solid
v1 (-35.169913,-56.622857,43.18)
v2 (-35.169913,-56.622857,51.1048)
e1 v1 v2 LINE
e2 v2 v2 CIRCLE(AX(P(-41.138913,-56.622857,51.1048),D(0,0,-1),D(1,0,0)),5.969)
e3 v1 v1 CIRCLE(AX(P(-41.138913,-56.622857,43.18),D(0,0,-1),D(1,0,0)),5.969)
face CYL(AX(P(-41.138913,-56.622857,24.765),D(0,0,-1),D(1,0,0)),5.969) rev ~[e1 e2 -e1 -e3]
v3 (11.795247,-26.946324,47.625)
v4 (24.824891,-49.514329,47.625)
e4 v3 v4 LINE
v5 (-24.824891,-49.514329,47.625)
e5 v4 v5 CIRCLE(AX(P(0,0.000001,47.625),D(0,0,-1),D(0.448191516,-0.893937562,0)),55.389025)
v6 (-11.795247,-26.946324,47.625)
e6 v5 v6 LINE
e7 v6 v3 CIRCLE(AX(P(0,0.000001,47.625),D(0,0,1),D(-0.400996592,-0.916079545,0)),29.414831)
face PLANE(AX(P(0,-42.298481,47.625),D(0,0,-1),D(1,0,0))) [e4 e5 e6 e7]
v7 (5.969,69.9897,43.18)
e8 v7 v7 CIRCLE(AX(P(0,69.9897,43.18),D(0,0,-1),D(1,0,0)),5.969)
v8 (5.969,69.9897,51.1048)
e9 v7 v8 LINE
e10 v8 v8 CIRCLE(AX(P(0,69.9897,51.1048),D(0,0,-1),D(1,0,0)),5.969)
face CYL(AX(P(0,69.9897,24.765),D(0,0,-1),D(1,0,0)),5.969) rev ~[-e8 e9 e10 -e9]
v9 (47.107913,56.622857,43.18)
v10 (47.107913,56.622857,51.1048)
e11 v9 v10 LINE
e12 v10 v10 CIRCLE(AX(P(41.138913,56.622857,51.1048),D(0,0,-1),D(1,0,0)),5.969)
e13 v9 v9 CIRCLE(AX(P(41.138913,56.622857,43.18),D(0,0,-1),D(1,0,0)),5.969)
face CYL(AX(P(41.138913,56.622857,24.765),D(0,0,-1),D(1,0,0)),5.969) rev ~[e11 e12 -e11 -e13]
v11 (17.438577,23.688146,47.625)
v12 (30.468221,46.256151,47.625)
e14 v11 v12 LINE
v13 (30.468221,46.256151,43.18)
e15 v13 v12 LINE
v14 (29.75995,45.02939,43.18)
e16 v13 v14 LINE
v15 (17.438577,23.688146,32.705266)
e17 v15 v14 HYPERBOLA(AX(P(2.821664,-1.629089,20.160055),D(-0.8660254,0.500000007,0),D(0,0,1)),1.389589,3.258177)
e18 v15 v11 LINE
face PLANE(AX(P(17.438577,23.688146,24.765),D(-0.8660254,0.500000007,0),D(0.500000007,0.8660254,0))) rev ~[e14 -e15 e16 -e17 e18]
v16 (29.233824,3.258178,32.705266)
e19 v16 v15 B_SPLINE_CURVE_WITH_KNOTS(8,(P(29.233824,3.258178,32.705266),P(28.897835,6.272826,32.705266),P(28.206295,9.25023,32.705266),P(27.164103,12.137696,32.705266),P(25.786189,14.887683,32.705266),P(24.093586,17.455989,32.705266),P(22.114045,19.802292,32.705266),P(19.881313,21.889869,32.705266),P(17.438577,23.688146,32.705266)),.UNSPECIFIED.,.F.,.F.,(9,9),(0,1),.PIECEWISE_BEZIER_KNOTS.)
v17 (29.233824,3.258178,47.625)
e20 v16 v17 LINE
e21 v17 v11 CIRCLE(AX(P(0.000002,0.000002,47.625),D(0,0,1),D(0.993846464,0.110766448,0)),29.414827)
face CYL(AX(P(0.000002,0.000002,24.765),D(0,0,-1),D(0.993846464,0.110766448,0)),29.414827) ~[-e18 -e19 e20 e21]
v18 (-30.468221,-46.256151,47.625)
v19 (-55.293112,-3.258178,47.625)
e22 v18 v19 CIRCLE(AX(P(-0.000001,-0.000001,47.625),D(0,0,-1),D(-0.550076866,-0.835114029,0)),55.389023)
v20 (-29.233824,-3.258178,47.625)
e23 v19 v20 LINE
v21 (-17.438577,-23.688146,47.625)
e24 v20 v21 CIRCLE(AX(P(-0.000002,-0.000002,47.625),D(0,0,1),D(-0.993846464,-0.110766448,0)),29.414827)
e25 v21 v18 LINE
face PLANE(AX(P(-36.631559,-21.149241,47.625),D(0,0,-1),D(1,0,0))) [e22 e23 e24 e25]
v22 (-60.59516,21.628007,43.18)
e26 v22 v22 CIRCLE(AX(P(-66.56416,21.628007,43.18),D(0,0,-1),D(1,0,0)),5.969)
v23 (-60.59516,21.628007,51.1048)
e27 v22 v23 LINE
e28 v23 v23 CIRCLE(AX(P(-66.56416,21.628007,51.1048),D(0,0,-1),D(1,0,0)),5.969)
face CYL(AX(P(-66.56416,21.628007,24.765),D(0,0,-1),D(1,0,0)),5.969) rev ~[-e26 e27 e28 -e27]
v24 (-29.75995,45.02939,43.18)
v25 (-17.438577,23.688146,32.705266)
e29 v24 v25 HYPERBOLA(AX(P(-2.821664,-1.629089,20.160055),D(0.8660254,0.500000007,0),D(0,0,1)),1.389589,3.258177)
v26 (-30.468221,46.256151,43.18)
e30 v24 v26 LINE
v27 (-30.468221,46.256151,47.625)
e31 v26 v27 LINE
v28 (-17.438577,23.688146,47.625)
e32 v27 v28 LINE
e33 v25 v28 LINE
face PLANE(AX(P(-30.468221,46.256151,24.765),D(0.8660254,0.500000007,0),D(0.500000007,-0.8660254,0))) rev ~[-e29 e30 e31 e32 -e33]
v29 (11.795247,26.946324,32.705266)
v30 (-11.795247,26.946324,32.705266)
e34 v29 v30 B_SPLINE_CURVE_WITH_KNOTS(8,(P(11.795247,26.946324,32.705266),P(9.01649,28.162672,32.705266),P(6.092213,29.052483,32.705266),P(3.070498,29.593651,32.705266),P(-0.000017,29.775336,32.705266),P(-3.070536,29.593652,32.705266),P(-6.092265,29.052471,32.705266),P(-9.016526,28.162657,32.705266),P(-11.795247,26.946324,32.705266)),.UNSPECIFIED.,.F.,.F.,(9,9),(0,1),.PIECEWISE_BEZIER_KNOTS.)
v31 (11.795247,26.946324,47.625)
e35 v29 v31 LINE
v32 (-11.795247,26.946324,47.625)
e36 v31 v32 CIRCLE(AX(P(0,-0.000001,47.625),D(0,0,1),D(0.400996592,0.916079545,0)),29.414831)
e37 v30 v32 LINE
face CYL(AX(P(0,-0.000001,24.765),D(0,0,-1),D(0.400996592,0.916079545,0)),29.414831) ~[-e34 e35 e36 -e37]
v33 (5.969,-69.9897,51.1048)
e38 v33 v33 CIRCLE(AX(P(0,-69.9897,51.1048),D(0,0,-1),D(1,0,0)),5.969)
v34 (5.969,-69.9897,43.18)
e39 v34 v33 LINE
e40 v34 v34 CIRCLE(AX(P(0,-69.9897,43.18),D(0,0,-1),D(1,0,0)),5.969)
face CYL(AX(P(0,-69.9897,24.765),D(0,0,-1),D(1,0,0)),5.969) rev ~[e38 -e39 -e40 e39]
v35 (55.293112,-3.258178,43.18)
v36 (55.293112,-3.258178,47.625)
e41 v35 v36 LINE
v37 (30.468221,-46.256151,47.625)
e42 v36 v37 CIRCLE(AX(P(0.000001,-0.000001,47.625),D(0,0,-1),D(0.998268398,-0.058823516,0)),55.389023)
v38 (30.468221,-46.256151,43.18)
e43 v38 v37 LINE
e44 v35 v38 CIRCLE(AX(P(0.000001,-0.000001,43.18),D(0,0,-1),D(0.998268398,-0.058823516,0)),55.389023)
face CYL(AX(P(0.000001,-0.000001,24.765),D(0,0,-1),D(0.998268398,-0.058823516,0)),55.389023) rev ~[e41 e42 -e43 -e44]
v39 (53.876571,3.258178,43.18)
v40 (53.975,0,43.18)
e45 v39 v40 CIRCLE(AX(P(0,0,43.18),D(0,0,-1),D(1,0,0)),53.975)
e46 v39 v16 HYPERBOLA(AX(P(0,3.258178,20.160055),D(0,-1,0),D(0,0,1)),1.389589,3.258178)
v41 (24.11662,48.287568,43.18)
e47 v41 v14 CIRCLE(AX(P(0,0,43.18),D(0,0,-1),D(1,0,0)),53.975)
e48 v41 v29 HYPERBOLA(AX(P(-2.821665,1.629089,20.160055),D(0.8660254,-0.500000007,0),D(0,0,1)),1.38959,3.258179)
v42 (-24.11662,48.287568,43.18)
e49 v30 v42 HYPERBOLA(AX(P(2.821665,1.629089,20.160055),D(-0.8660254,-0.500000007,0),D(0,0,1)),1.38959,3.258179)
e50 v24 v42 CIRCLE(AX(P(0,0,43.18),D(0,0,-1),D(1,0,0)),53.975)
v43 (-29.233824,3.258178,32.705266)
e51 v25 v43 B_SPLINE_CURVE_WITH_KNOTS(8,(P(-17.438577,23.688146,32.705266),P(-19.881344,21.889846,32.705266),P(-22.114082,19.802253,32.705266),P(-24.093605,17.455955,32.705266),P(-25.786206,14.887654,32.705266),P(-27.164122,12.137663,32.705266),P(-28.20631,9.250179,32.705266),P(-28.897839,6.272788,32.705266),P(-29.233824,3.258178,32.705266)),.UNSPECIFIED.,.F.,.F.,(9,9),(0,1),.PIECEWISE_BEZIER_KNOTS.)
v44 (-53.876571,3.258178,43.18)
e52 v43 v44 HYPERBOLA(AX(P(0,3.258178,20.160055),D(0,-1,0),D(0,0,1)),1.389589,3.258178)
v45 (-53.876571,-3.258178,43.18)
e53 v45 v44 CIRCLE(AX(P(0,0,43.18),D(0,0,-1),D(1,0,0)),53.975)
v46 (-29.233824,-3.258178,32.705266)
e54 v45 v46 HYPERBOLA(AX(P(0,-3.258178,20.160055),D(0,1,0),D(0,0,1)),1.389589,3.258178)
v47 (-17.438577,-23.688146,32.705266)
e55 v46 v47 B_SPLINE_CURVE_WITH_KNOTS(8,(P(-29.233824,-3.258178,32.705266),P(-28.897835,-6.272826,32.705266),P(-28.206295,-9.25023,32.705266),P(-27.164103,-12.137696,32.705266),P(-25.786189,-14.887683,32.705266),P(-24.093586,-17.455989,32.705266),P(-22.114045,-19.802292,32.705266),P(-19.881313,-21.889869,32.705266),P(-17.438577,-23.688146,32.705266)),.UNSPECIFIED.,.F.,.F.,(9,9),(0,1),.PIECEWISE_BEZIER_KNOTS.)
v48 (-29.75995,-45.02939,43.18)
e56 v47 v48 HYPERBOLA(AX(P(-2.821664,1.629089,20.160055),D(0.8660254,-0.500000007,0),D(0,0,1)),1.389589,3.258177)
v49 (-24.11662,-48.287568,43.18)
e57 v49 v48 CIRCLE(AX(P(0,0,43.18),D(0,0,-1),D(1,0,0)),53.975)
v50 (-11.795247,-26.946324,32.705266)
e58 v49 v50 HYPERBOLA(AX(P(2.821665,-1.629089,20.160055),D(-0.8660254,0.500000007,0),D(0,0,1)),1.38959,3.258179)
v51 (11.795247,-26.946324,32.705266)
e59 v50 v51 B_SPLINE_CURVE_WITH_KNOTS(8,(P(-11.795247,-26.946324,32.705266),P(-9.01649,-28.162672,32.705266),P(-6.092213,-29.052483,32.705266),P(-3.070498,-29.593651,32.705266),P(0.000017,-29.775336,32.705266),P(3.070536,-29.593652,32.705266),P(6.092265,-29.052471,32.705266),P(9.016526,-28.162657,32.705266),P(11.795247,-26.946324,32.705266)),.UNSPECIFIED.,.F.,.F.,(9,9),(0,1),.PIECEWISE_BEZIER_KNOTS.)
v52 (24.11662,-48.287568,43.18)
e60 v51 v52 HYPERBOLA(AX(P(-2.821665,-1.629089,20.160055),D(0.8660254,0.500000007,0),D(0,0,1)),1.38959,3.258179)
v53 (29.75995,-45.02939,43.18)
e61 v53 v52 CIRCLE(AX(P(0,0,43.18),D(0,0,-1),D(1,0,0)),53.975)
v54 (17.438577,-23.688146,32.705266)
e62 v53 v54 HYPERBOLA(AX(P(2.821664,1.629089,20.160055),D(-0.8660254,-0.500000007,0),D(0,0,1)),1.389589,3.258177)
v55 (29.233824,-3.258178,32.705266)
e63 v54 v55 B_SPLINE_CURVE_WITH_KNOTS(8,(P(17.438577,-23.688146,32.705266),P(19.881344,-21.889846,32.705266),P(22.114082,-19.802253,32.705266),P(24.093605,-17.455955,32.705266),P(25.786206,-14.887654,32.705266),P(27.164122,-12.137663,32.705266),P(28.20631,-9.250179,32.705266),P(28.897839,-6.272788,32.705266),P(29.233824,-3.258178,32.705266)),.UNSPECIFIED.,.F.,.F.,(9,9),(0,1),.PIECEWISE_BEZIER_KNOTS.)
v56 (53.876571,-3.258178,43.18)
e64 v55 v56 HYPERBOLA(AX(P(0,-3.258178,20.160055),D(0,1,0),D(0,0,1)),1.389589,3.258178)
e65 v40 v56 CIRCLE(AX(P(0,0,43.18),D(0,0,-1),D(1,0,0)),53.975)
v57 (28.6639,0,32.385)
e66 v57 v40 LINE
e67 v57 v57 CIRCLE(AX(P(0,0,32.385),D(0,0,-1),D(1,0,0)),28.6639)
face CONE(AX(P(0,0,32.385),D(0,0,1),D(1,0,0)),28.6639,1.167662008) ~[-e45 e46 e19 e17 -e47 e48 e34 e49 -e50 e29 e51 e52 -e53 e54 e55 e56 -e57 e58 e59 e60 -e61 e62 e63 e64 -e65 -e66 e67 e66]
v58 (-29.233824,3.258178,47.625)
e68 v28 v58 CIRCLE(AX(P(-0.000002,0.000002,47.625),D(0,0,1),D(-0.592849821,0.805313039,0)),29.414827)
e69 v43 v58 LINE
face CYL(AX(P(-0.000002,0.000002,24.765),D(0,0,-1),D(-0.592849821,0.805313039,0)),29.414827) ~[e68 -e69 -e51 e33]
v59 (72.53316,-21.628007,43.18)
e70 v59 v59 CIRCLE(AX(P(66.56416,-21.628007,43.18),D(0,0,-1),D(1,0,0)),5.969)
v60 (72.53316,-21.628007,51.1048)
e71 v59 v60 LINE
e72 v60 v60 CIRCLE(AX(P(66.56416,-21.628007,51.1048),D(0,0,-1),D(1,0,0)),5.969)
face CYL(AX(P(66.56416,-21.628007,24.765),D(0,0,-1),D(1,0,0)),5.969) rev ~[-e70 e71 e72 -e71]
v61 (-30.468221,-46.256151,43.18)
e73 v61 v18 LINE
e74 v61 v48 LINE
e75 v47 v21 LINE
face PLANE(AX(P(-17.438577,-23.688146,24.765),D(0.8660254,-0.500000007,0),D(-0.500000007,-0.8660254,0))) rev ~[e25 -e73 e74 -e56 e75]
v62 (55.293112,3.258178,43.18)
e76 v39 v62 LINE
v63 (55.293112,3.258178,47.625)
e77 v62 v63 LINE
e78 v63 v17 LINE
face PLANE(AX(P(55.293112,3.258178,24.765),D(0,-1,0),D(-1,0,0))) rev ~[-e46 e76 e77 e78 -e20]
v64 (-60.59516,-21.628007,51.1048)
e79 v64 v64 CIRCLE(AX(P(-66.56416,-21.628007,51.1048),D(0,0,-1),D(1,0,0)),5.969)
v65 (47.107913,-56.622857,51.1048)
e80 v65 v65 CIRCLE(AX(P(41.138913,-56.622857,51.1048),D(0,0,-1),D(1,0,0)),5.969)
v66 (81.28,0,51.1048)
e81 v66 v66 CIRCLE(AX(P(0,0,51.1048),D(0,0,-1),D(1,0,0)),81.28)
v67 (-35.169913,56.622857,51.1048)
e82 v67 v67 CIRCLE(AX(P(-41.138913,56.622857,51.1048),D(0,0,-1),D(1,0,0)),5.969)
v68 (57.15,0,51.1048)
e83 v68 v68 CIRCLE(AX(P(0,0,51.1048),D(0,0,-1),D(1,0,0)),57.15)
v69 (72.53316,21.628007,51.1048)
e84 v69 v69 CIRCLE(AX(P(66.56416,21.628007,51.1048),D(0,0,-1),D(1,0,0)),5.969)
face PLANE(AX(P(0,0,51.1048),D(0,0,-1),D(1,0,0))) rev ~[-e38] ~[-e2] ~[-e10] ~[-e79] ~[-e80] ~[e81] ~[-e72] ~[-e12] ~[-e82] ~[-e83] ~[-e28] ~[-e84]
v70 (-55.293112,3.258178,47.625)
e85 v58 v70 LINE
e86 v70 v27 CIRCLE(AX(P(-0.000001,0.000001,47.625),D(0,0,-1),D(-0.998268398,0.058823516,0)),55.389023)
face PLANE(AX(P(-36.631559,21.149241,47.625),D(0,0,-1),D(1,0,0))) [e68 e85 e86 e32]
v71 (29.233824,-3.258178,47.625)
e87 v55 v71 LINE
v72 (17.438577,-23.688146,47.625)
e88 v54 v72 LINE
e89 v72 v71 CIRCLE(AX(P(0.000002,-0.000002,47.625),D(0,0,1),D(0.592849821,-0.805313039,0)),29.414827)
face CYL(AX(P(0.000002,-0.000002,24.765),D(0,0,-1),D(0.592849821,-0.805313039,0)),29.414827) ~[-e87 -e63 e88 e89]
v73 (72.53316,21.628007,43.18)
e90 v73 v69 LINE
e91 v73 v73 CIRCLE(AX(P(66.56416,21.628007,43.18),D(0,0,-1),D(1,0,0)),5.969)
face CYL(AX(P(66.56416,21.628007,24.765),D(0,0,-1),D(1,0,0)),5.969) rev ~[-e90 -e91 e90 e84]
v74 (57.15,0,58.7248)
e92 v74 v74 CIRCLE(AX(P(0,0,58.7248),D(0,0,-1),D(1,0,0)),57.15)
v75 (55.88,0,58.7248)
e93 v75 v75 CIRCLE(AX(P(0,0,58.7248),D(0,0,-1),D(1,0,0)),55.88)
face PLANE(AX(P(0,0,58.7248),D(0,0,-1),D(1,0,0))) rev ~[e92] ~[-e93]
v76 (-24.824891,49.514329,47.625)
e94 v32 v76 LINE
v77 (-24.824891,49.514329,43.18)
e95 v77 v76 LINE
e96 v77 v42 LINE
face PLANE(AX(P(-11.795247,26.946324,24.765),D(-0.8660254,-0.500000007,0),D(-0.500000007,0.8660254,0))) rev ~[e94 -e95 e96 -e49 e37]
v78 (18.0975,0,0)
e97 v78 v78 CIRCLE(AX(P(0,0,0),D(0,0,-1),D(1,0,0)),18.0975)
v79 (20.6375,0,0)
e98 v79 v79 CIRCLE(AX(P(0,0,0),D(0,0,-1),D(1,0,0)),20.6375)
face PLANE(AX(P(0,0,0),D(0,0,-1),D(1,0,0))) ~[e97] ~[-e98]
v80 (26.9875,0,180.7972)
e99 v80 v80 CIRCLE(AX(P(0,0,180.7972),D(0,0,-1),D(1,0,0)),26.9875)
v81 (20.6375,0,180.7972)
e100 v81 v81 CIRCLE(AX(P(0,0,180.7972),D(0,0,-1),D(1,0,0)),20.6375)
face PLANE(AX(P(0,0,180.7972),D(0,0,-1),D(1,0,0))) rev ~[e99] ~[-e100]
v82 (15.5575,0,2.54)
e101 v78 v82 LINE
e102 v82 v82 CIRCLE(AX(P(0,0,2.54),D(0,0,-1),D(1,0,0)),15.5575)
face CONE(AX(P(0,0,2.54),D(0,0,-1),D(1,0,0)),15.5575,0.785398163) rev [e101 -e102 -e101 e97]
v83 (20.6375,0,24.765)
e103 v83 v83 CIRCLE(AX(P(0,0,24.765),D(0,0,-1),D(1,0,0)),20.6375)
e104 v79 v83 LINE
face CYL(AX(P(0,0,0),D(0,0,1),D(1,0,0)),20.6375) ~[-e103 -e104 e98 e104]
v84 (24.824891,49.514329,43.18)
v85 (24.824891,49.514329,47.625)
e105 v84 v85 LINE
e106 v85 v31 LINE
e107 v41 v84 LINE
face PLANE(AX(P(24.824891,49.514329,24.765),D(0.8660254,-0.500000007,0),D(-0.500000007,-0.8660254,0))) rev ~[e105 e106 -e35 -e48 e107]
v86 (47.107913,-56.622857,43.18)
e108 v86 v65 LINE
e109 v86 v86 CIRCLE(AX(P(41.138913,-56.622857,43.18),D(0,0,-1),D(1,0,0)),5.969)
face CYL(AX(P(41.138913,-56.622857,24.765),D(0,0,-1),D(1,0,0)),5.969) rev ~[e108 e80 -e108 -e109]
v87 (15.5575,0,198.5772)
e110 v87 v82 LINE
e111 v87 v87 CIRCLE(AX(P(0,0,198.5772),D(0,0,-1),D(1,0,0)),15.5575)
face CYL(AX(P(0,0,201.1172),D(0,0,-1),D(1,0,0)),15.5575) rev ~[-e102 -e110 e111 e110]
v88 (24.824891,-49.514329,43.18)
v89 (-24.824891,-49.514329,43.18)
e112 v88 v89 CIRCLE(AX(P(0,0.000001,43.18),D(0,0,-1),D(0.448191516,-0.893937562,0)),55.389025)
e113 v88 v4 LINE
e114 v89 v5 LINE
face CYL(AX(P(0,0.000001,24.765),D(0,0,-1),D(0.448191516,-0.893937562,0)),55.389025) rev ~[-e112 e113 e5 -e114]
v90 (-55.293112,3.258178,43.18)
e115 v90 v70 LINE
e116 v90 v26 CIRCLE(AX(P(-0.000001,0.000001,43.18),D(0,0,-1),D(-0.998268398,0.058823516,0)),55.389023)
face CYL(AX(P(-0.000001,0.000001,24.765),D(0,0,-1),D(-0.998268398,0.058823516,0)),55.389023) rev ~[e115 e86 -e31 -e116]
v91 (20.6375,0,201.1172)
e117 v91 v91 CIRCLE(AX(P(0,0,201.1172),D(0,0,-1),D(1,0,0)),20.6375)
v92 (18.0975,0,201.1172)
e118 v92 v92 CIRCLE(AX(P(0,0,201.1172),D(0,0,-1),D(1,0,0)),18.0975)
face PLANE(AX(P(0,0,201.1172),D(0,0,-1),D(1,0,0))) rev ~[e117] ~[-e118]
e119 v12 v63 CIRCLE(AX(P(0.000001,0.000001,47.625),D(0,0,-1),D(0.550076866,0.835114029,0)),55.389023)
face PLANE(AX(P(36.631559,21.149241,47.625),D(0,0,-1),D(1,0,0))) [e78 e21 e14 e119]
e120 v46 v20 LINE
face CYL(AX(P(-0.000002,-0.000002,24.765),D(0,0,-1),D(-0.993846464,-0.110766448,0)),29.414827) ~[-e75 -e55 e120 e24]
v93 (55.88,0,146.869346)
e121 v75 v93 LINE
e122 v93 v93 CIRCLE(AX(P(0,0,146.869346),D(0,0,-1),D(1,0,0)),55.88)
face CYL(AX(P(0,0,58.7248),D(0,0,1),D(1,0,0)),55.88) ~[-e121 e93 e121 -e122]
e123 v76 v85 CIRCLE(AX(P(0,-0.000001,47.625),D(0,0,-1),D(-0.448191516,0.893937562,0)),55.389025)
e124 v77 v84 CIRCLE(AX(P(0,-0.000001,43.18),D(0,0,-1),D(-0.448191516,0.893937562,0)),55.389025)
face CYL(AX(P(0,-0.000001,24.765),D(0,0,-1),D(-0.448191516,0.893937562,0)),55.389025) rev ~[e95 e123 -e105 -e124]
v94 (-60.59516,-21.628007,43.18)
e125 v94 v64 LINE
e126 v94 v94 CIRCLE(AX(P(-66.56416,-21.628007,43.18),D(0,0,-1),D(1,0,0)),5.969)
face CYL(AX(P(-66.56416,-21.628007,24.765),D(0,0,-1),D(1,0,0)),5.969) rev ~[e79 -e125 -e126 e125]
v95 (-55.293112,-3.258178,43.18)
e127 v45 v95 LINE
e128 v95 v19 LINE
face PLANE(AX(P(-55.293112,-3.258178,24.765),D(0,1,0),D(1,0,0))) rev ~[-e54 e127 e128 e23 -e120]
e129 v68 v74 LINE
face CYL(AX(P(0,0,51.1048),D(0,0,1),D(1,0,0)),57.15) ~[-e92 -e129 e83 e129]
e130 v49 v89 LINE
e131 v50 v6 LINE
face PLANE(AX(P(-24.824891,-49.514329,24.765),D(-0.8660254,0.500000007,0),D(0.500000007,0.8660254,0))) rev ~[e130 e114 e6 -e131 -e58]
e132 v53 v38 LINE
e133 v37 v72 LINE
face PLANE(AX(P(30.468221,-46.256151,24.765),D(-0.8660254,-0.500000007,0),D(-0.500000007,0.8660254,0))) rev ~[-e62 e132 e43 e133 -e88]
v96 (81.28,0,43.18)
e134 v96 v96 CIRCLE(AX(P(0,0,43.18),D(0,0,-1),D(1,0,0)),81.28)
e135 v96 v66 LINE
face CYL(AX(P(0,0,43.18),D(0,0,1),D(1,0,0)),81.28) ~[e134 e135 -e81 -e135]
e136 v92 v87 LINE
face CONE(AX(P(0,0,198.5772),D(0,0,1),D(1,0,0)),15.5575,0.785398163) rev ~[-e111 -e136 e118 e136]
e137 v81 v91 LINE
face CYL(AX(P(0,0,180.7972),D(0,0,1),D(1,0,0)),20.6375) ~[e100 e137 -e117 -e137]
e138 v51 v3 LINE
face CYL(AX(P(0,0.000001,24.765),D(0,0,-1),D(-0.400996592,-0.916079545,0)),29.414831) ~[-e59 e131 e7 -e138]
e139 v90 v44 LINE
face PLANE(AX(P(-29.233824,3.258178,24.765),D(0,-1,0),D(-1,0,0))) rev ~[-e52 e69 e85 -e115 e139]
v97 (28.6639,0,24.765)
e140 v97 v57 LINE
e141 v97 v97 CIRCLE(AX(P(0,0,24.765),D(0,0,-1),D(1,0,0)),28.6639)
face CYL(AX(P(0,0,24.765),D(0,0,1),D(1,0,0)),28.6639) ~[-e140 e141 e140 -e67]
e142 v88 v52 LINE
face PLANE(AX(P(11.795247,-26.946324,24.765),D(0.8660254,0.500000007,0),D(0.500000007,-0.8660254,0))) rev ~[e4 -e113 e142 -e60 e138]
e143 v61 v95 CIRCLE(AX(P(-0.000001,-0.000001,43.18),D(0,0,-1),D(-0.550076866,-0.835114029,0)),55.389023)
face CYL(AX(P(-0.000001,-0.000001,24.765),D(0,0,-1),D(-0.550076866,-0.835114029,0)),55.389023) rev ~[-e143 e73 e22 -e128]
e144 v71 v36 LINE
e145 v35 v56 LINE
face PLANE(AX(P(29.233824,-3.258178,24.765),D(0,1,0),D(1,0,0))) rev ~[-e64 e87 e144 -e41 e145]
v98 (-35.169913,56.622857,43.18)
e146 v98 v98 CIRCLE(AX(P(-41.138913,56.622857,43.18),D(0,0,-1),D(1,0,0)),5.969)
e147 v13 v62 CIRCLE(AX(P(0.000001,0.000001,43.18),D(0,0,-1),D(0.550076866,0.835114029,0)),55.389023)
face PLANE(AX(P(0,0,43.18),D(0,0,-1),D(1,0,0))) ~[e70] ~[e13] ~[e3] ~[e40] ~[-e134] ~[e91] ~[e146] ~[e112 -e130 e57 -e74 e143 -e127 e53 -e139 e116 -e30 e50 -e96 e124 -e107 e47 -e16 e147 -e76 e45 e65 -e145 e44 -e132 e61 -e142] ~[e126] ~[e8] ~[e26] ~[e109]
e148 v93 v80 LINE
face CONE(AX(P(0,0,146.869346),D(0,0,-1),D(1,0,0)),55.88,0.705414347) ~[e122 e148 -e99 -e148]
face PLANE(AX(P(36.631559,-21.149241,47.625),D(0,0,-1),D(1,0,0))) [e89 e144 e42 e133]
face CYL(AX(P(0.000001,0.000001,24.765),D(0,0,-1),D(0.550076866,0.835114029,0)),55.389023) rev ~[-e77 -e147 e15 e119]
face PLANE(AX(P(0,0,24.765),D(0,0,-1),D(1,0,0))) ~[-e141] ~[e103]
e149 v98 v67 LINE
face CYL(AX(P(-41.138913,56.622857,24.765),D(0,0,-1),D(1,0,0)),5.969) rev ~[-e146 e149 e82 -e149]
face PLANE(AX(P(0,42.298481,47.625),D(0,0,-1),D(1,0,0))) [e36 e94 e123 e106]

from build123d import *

# Parameters (mm, degrees)
F2_SIZE  = 2.54
F5_DEPTH = 22.86
F4_R     = 5.969
F6_DEPTH = 176.3532


with BuildPart() as f1:
    # F0 (on Front) → F1 (revolve)
    with BuildSketch(Plane.XZ):
        Polygon((15.5575, 0), (20.6375, 0), (20.6375, 24.765), (28.6639, 24.765), (28.6639, 32.385), (53.975, 43.18), (81.28, 43.18), (81.28, 51.1048), (57.15, 51.1048), (57.15, 58.7248), (55.88, 58.7248), (55.88, 146.869346), (26.9875, 180.7972), (20.6375, 180.7972), (20.6375, 201.1172), (15.5575, 201.1172), align=None)
    revolve(axis=Axis((0, 0, 0.880979), (0, 0, -1)))

    # F2
    f2_edges = [f1.edges().sort_by_distance(p)[0] for p in [
        (-15.5575, 0, 201.1172),
        (-15.5575, 0, 0),
        (15.5575, 0, 100.5586),
    ]]
    chamfer(f2_edges, length=F2_SIZE)

    # F4 (on offset) → F5 (cut)
    with BuildSketch(Plane(origin=(0, 0, 24.765), x_dir=(1, 0, 0), z_dir=(0, 0, -1))):
        with BuildLine():
            ThreePointArc((17.438577, 23.688146), (25.47399, 14.707415), (29.233824, 3.258178))
            Line((29.233824, 3.258178), (55.293112, 3.258178))
            ThreePointArc((55.293112, 3.258178), (47.968302, 27.694512), (30.468221, 46.256151))
            Line((30.468221, 46.256151), (17.438577, 23.688146))
        make_face()
        with BuildLine():
            ThreePointArc((-11.795247, 26.946324), (0, 29.41483), (11.795247, 26.946324))
            Line((11.795247, 26.946324), (24.824891, 49.514329))
            ThreePointArc((24.824891, 49.514329), (0, 55.389024), (-24.824891, 49.514329))
            Line((-24.824891, 49.514329), (-11.795247, 26.946324))
        make_face()
        with BuildLine():
            ThreePointArc((-29.233824, 3.258178), (-25.47399, 14.707415), (-17.438577, 23.688146))
            Line((-17.438577, 23.688146), (-30.468221, 46.256151))
            ThreePointArc((-30.468221, 46.256151), (-47.968302, 27.694512), (-55.293112, 3.258178))
            Line((-55.293112, 3.258178), (-29.233824, 3.258178))
        make_face()
        with BuildLine():
            Line((-30.468221, -46.256151), (-17.438577, -23.688146))
            ThreePointArc((-17.438577, -23.688146), (-25.47399, -14.707415), (-29.233824, -3.258178))
            Line((-29.233824, -3.258178), (-55.293112, -3.258178))
            ThreePointArc((-55.293112, -3.258178), (-47.968302, -27.694512), (-30.468221, -46.256151))
        make_face()
        with BuildLine():
            Line((24.824891, -49.514329), (11.795247, -26.946324))
            ThreePointArc((11.795247, -26.946324), (0, -29.41483), (-11.795247, -26.946324))
            Line((-11.795247, -26.946324), (-24.824891, -49.514329))
            ThreePointArc((-24.824891, -49.514329), (0, -55.389024), (24.824891, -49.514329))
        make_face()
        with BuildLine():
            Line((55.293112, -3.258178), (29.233824, -3.258178))
            ThreePointArc((29.233824, -3.258178), (25.47399, -14.707415), (17.438577, -23.688146))
            Line((17.438577, -23.688146), (30.468221, -46.256151))
            ThreePointArc((30.468221, -46.256151), (47.968302, -27.694512), (55.293112, -3.258178))
        make_face()
    extrude(amount=-F5_DEPTH, mode=Mode.SUBTRACT)

    # F4 (on offset) → F6 (cut, through all)
    with BuildSketch(Plane(origin=(0, 0, 24.765), x_dir=(1, 0, 0), z_dir=(0, 0, -1))):
        with Locations((0, 69.9897)):
            Circle(F4_R)
        with Locations((41.138913, 56.622857)):
            Circle(F4_R)
        with Locations((66.56416, 21.628007)):
            Circle(F4_R)
        with Locations((66.56416, -21.628007)):
            Circle(F4_R)
        with Locations((-41.138913, 56.622857)):
            Circle(F4_R)
        with Locations((-66.56416, 21.628007)):
            Circle(F4_R)
        with Locations((-66.56416, -21.628007)):
            Circle(F4_R)
        with Locations((-41.138913, -56.622857)):
            Circle(F4_R)
        with Locations((0, -69.9897)):
            Circle(F4_R)
        with Locations((41.138913, -56.622857)):
            Circle(F4_R)
    extrude(amount=-F6_DEPTH, mode=Mode.SUBTRACT)


solid = f1.part
